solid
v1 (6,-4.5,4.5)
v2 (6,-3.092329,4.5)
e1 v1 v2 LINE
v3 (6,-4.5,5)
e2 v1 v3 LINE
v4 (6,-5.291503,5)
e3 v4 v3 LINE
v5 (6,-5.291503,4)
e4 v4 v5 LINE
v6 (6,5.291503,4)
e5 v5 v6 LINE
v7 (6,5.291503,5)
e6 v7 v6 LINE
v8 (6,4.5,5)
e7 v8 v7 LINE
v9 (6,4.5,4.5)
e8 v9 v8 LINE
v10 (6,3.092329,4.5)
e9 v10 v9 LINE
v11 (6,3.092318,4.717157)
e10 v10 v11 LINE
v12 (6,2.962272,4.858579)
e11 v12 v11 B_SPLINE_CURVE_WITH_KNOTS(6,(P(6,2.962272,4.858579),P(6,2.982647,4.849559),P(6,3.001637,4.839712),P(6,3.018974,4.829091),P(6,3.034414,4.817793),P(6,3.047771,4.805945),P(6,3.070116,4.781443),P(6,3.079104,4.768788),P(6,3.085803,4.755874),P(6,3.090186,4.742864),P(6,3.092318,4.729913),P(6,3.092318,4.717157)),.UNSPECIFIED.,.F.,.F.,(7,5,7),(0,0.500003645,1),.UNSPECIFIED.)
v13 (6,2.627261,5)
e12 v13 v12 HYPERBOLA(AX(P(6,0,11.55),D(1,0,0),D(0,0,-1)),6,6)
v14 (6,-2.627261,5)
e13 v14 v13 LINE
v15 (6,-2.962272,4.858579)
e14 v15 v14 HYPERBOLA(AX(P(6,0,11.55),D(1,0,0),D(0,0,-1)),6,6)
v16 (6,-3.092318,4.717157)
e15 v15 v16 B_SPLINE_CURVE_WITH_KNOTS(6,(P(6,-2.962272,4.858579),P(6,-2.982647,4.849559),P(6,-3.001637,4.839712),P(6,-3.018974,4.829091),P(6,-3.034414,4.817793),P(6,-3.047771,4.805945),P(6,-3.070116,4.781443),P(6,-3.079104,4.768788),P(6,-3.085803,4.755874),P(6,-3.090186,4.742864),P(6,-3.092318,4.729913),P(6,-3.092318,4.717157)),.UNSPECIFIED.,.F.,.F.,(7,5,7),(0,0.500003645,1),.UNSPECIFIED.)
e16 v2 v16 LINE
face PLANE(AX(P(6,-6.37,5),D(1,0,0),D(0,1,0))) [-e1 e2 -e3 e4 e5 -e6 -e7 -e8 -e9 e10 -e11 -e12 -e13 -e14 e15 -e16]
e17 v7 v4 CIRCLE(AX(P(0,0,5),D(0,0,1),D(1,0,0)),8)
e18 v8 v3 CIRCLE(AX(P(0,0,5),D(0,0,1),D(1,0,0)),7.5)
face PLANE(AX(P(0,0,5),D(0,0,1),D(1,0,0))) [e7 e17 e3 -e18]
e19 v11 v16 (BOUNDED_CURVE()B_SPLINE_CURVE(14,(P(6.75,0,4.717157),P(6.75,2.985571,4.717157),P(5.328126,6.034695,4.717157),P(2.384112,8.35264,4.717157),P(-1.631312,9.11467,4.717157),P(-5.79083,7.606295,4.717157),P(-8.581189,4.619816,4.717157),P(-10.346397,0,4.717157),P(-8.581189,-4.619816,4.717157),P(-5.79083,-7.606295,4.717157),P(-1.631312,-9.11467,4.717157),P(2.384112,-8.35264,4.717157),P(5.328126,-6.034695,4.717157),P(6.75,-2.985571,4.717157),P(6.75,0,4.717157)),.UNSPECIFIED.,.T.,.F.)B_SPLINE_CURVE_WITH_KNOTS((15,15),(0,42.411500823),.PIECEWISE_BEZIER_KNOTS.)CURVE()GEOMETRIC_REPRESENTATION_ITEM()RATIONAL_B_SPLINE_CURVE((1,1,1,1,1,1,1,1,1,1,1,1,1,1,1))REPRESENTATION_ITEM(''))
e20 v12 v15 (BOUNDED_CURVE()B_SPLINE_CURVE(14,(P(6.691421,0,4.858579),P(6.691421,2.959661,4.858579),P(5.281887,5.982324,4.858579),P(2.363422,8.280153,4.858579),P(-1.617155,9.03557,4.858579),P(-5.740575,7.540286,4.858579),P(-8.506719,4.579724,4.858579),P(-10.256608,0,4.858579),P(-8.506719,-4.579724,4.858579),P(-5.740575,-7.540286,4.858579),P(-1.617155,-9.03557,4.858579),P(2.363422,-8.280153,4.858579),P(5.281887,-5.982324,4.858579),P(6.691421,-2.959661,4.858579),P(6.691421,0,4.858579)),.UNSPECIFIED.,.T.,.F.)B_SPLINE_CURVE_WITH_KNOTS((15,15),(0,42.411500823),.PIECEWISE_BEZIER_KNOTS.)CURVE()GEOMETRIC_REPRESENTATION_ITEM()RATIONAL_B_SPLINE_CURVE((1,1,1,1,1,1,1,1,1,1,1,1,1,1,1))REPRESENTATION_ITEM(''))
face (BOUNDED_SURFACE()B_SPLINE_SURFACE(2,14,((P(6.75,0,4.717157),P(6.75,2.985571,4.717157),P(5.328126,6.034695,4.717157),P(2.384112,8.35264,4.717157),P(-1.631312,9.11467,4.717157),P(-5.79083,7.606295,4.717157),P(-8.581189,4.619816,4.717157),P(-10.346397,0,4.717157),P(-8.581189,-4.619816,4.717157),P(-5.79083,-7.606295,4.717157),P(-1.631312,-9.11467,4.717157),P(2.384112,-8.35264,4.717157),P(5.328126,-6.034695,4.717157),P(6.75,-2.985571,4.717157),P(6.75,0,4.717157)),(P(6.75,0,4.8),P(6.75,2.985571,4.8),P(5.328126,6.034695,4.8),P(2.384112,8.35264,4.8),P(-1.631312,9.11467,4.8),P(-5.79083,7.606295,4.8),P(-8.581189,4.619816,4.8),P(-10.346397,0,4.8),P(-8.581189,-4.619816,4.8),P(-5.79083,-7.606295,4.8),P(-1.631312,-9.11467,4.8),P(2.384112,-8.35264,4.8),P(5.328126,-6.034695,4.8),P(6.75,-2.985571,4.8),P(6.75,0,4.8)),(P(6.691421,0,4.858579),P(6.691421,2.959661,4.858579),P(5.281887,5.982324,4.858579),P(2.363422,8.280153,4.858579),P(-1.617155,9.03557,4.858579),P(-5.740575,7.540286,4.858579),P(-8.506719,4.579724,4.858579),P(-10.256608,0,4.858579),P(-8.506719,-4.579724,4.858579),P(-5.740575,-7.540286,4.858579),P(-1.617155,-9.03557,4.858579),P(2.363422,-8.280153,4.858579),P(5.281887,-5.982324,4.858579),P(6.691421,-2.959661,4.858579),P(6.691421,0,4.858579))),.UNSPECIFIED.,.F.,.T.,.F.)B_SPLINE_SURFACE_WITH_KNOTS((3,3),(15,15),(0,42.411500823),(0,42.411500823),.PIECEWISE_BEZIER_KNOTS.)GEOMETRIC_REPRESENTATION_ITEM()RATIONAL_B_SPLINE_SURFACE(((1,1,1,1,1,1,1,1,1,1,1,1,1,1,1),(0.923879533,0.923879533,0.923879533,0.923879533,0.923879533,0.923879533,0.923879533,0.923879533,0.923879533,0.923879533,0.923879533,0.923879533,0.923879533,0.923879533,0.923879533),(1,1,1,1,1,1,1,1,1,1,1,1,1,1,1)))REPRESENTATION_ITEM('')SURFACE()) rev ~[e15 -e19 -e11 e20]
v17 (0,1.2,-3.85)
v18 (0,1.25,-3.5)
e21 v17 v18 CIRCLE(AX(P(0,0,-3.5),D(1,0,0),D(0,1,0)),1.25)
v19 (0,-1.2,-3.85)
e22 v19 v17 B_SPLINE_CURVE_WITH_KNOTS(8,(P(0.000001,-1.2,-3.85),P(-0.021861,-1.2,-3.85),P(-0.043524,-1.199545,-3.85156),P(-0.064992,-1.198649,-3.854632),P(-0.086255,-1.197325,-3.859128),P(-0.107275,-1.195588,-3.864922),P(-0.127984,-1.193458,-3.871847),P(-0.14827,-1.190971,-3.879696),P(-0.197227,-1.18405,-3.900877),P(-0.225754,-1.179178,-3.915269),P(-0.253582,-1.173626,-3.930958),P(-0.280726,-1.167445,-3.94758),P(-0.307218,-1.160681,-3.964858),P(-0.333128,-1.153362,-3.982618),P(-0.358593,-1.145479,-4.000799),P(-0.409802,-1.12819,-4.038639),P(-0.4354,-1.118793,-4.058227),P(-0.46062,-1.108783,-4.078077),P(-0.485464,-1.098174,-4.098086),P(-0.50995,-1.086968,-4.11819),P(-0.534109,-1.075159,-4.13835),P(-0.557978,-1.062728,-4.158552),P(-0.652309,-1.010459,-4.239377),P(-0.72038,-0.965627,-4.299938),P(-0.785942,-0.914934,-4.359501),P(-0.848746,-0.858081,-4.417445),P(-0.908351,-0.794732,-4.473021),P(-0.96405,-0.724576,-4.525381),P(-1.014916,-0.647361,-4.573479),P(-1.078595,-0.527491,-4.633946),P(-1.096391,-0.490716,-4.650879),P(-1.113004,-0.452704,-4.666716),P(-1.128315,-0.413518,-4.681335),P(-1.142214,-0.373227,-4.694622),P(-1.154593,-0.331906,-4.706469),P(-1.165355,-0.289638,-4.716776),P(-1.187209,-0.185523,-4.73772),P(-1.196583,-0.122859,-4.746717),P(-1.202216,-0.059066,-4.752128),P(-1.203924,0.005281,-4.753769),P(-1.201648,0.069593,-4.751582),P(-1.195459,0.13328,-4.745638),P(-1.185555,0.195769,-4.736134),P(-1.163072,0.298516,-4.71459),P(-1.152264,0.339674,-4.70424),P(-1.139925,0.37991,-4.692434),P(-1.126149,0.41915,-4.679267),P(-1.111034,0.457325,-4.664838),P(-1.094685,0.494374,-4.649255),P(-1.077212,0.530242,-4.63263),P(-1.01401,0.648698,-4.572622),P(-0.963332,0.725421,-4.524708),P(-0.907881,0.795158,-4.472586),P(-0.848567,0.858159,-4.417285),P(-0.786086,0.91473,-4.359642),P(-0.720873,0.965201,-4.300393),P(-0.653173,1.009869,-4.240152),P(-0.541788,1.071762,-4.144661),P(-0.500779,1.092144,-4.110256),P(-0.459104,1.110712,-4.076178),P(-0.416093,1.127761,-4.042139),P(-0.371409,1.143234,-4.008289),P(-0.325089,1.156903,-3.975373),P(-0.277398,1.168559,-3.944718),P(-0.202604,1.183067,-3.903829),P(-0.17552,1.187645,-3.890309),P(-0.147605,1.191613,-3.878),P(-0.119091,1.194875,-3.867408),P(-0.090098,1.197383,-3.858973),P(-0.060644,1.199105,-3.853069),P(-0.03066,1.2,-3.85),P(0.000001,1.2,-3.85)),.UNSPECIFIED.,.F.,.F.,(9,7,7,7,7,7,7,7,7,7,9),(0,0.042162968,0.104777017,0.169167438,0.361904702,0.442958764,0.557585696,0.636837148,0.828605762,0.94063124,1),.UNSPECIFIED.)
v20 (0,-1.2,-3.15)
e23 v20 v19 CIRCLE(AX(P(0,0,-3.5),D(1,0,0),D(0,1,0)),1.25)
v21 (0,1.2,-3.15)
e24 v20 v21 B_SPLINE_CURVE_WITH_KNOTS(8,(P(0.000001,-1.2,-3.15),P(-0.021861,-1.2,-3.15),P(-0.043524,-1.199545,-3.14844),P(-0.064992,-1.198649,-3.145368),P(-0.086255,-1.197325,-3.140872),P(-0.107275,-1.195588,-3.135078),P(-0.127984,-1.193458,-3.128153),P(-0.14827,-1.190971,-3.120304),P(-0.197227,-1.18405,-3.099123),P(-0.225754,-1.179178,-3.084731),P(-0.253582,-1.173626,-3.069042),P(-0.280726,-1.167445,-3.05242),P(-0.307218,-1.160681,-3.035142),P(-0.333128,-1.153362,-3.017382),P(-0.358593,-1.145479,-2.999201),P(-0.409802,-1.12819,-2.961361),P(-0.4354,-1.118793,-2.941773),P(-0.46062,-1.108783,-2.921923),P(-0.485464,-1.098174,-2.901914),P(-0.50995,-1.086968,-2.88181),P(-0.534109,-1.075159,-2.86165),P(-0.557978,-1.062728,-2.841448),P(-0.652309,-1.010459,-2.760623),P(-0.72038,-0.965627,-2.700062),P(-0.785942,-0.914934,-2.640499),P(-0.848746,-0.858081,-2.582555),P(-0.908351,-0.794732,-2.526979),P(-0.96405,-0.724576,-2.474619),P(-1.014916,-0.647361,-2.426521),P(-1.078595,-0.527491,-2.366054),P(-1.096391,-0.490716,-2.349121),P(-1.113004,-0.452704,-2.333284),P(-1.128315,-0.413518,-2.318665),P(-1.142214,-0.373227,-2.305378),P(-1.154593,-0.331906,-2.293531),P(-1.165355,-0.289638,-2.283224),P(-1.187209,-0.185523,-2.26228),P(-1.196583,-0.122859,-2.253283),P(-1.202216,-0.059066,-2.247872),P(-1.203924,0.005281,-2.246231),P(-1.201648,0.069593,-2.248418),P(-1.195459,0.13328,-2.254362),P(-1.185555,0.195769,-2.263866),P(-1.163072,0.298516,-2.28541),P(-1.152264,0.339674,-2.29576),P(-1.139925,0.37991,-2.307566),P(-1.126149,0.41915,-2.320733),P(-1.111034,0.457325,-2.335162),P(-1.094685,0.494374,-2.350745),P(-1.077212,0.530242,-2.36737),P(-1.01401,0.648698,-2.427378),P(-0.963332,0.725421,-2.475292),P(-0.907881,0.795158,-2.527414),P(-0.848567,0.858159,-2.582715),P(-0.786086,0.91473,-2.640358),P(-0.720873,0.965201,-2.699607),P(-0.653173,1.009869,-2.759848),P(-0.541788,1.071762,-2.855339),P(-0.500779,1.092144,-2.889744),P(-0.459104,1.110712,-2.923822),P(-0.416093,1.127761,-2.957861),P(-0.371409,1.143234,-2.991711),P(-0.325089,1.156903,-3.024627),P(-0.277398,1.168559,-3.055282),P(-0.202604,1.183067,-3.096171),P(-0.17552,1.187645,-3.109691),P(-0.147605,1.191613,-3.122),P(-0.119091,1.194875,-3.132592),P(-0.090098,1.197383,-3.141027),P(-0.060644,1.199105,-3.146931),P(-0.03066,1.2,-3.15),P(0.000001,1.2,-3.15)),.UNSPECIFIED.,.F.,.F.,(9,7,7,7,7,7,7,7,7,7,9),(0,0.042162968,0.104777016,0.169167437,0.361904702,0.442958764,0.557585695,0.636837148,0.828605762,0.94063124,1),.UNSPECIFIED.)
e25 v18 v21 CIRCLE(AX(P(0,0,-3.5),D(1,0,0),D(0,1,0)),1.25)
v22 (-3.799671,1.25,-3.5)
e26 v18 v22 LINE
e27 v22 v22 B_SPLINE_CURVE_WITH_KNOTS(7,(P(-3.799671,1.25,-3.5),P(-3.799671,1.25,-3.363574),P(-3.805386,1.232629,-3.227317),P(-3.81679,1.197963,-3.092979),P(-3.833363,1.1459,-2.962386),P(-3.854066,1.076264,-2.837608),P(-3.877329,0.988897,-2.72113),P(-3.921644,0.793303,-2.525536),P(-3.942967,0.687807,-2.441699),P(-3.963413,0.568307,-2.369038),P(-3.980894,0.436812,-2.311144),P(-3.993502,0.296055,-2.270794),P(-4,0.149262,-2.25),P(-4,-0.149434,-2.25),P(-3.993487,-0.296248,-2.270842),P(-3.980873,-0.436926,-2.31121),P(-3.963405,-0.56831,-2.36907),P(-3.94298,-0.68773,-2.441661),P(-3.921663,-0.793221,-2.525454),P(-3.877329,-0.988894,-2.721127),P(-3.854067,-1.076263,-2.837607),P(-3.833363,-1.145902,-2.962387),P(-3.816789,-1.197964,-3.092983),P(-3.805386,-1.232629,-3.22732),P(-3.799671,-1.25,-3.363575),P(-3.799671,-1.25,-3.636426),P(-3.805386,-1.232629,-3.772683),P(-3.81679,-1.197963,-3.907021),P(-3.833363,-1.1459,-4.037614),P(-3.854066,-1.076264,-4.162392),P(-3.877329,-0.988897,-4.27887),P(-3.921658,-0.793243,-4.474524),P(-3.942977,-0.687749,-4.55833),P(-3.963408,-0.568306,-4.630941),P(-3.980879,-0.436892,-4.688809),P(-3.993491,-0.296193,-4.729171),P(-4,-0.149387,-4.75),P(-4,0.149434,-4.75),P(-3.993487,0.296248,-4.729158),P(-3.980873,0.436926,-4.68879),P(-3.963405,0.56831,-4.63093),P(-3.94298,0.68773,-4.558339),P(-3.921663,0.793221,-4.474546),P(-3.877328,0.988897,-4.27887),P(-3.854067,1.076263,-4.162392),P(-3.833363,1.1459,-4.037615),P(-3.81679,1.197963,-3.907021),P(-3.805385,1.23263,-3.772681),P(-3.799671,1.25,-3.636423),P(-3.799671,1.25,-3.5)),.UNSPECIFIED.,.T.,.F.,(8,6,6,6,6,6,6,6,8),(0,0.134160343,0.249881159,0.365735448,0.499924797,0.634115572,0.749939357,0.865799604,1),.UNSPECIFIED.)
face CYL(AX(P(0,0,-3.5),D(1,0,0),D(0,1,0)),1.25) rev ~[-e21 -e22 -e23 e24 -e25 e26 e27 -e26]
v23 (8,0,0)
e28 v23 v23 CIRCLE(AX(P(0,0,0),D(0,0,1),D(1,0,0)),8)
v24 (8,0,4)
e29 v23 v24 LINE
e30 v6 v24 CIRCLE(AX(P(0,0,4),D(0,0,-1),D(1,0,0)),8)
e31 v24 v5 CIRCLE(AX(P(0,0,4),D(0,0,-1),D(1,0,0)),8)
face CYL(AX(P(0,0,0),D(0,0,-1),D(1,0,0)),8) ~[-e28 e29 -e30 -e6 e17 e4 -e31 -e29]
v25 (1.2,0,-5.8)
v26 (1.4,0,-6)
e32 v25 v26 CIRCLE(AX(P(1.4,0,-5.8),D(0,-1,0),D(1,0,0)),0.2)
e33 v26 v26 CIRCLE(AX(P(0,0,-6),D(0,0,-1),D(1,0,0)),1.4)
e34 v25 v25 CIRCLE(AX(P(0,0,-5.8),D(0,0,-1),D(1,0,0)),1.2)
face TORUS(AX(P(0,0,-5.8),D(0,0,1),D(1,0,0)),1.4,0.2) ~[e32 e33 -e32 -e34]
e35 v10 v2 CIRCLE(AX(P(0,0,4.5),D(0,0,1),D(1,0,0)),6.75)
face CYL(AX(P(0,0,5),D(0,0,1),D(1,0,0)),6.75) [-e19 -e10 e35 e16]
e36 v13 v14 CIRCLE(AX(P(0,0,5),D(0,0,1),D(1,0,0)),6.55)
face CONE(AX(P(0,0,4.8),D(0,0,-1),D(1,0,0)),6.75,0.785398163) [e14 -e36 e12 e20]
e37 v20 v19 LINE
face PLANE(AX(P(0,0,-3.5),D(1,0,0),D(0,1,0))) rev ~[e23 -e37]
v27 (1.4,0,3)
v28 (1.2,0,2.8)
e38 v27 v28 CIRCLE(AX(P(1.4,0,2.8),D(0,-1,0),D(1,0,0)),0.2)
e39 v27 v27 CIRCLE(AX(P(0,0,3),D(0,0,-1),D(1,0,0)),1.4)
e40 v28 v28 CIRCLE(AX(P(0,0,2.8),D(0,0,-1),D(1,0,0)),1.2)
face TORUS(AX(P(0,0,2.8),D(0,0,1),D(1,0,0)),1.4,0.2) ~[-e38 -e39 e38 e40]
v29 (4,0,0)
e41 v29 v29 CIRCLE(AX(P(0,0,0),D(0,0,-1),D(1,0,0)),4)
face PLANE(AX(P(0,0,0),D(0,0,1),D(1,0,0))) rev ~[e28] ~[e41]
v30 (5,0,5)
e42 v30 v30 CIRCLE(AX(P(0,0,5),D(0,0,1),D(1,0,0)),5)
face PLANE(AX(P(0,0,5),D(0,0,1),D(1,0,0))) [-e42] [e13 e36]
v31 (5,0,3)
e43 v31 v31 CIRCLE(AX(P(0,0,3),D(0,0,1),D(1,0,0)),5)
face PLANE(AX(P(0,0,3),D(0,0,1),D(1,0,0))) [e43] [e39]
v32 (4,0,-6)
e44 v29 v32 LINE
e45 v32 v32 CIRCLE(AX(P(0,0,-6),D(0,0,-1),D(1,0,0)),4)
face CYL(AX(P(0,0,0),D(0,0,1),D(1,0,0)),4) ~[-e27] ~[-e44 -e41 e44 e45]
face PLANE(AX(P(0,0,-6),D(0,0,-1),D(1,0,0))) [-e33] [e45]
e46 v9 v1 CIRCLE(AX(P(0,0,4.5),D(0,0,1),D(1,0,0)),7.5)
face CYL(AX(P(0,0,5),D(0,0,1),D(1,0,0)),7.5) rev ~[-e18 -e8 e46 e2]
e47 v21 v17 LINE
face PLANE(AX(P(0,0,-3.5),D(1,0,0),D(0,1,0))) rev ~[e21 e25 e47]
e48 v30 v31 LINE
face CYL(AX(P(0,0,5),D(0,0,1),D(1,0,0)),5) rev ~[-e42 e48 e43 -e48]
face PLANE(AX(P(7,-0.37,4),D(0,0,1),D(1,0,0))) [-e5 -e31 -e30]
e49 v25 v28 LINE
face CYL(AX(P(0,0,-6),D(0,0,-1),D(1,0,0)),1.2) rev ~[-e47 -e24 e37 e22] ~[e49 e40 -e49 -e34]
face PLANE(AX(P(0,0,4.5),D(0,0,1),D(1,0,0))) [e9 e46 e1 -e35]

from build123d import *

# Parameters (mm, degrees)
F0_R      = 8
F1_DEPTH  = 5
F2_R      = 4
F3_DEPTH  = 6
F4_R      = 1.2
F5_DEPTH  = 9
F6_R      = 5
F7_DEPTH  = 2
F8_R      = 7.5
F8_R_2    = 6.75
F9_DEPTH  = 0.5
F10_SIZE  = 0.2
F11_R     = 0.2
F13_R     = 1.25
F14_DEPTH = 4.5
F15_W     = 2
F15_H     = 12
F16_DEPTH = 1


with BuildPart() as f1:
    # F0 (on Top) → F1 (new body)
    with BuildSketch(Plane.XY):
        Circle(F0_R)
    extrude(amount=F1_DEPTH)

    # F2 (on face) → F3 (join)
    with BuildSketch(Plane(origin=(0, 0, 0), x_dir=(1, 0, 0), z_dir=(0, 0, -1))):
        Circle(F2_R)
    extrude(amount=F3_DEPTH)

    # F4 (on face) → F5 (cut)
    with BuildSketch(Plane(origin=(0, 0, -6), x_dir=(1, 0, 0), z_dir=(0, 0, -1))):
        Circle(F4_R)
    extrude(amount=-F5_DEPTH, mode=Mode.SUBTRACT)

    # F6 (on face) → F7 (cut)
    with BuildSketch(Plane.XY.offset(5)):
        Circle(F6_R)
    extrude(amount=-F7_DEPTH, mode=Mode.SUBTRACT)

    # F8 (on face) → F9 (cut)
    with BuildSketch(Plane.XY.offset(5)):
        Circle(F8_R)
        Circle(F8_R_2, mode=Mode.SUBTRACT)
    extrude(amount=-F9_DEPTH, mode=Mode.SUBTRACT)

    # F10
    f10_edges = [f1.edges().sort_by_distance(p)[0] for p in [
        (-6.75, 0, 5),
    ]]
    chamfer(f10_edges, length=F10_SIZE)

    # F11
    f11_edges = [f1.edges().sort_by_distance(p)[0] for p in [
        (-6.75, 0, 4.8),
        (-1.2, 0, 3),
        (-1.2, 0, -6),
    ]]
    fillet(f11_edges, radius=F11_R)

    # F13 (on Right) → F14 (cut)
    with BuildSketch(Plane.YZ):
        with Locations((0, -3.5)):
            Circle(F13_R)
    extrude(amount=-F14_DEPTH, mode=Mode.SUBTRACT)

    # F15 (on offset) → F16 (cut)
    with BuildSketch(Plane.XY.offset(5)):
        with Locations((7, -0.3699996099)):
            Rectangle(F15_W, F15_H)
    extrude(amount=-F16_DEPTH, mode=Mode.SUBTRACT)


solid = f1.part
